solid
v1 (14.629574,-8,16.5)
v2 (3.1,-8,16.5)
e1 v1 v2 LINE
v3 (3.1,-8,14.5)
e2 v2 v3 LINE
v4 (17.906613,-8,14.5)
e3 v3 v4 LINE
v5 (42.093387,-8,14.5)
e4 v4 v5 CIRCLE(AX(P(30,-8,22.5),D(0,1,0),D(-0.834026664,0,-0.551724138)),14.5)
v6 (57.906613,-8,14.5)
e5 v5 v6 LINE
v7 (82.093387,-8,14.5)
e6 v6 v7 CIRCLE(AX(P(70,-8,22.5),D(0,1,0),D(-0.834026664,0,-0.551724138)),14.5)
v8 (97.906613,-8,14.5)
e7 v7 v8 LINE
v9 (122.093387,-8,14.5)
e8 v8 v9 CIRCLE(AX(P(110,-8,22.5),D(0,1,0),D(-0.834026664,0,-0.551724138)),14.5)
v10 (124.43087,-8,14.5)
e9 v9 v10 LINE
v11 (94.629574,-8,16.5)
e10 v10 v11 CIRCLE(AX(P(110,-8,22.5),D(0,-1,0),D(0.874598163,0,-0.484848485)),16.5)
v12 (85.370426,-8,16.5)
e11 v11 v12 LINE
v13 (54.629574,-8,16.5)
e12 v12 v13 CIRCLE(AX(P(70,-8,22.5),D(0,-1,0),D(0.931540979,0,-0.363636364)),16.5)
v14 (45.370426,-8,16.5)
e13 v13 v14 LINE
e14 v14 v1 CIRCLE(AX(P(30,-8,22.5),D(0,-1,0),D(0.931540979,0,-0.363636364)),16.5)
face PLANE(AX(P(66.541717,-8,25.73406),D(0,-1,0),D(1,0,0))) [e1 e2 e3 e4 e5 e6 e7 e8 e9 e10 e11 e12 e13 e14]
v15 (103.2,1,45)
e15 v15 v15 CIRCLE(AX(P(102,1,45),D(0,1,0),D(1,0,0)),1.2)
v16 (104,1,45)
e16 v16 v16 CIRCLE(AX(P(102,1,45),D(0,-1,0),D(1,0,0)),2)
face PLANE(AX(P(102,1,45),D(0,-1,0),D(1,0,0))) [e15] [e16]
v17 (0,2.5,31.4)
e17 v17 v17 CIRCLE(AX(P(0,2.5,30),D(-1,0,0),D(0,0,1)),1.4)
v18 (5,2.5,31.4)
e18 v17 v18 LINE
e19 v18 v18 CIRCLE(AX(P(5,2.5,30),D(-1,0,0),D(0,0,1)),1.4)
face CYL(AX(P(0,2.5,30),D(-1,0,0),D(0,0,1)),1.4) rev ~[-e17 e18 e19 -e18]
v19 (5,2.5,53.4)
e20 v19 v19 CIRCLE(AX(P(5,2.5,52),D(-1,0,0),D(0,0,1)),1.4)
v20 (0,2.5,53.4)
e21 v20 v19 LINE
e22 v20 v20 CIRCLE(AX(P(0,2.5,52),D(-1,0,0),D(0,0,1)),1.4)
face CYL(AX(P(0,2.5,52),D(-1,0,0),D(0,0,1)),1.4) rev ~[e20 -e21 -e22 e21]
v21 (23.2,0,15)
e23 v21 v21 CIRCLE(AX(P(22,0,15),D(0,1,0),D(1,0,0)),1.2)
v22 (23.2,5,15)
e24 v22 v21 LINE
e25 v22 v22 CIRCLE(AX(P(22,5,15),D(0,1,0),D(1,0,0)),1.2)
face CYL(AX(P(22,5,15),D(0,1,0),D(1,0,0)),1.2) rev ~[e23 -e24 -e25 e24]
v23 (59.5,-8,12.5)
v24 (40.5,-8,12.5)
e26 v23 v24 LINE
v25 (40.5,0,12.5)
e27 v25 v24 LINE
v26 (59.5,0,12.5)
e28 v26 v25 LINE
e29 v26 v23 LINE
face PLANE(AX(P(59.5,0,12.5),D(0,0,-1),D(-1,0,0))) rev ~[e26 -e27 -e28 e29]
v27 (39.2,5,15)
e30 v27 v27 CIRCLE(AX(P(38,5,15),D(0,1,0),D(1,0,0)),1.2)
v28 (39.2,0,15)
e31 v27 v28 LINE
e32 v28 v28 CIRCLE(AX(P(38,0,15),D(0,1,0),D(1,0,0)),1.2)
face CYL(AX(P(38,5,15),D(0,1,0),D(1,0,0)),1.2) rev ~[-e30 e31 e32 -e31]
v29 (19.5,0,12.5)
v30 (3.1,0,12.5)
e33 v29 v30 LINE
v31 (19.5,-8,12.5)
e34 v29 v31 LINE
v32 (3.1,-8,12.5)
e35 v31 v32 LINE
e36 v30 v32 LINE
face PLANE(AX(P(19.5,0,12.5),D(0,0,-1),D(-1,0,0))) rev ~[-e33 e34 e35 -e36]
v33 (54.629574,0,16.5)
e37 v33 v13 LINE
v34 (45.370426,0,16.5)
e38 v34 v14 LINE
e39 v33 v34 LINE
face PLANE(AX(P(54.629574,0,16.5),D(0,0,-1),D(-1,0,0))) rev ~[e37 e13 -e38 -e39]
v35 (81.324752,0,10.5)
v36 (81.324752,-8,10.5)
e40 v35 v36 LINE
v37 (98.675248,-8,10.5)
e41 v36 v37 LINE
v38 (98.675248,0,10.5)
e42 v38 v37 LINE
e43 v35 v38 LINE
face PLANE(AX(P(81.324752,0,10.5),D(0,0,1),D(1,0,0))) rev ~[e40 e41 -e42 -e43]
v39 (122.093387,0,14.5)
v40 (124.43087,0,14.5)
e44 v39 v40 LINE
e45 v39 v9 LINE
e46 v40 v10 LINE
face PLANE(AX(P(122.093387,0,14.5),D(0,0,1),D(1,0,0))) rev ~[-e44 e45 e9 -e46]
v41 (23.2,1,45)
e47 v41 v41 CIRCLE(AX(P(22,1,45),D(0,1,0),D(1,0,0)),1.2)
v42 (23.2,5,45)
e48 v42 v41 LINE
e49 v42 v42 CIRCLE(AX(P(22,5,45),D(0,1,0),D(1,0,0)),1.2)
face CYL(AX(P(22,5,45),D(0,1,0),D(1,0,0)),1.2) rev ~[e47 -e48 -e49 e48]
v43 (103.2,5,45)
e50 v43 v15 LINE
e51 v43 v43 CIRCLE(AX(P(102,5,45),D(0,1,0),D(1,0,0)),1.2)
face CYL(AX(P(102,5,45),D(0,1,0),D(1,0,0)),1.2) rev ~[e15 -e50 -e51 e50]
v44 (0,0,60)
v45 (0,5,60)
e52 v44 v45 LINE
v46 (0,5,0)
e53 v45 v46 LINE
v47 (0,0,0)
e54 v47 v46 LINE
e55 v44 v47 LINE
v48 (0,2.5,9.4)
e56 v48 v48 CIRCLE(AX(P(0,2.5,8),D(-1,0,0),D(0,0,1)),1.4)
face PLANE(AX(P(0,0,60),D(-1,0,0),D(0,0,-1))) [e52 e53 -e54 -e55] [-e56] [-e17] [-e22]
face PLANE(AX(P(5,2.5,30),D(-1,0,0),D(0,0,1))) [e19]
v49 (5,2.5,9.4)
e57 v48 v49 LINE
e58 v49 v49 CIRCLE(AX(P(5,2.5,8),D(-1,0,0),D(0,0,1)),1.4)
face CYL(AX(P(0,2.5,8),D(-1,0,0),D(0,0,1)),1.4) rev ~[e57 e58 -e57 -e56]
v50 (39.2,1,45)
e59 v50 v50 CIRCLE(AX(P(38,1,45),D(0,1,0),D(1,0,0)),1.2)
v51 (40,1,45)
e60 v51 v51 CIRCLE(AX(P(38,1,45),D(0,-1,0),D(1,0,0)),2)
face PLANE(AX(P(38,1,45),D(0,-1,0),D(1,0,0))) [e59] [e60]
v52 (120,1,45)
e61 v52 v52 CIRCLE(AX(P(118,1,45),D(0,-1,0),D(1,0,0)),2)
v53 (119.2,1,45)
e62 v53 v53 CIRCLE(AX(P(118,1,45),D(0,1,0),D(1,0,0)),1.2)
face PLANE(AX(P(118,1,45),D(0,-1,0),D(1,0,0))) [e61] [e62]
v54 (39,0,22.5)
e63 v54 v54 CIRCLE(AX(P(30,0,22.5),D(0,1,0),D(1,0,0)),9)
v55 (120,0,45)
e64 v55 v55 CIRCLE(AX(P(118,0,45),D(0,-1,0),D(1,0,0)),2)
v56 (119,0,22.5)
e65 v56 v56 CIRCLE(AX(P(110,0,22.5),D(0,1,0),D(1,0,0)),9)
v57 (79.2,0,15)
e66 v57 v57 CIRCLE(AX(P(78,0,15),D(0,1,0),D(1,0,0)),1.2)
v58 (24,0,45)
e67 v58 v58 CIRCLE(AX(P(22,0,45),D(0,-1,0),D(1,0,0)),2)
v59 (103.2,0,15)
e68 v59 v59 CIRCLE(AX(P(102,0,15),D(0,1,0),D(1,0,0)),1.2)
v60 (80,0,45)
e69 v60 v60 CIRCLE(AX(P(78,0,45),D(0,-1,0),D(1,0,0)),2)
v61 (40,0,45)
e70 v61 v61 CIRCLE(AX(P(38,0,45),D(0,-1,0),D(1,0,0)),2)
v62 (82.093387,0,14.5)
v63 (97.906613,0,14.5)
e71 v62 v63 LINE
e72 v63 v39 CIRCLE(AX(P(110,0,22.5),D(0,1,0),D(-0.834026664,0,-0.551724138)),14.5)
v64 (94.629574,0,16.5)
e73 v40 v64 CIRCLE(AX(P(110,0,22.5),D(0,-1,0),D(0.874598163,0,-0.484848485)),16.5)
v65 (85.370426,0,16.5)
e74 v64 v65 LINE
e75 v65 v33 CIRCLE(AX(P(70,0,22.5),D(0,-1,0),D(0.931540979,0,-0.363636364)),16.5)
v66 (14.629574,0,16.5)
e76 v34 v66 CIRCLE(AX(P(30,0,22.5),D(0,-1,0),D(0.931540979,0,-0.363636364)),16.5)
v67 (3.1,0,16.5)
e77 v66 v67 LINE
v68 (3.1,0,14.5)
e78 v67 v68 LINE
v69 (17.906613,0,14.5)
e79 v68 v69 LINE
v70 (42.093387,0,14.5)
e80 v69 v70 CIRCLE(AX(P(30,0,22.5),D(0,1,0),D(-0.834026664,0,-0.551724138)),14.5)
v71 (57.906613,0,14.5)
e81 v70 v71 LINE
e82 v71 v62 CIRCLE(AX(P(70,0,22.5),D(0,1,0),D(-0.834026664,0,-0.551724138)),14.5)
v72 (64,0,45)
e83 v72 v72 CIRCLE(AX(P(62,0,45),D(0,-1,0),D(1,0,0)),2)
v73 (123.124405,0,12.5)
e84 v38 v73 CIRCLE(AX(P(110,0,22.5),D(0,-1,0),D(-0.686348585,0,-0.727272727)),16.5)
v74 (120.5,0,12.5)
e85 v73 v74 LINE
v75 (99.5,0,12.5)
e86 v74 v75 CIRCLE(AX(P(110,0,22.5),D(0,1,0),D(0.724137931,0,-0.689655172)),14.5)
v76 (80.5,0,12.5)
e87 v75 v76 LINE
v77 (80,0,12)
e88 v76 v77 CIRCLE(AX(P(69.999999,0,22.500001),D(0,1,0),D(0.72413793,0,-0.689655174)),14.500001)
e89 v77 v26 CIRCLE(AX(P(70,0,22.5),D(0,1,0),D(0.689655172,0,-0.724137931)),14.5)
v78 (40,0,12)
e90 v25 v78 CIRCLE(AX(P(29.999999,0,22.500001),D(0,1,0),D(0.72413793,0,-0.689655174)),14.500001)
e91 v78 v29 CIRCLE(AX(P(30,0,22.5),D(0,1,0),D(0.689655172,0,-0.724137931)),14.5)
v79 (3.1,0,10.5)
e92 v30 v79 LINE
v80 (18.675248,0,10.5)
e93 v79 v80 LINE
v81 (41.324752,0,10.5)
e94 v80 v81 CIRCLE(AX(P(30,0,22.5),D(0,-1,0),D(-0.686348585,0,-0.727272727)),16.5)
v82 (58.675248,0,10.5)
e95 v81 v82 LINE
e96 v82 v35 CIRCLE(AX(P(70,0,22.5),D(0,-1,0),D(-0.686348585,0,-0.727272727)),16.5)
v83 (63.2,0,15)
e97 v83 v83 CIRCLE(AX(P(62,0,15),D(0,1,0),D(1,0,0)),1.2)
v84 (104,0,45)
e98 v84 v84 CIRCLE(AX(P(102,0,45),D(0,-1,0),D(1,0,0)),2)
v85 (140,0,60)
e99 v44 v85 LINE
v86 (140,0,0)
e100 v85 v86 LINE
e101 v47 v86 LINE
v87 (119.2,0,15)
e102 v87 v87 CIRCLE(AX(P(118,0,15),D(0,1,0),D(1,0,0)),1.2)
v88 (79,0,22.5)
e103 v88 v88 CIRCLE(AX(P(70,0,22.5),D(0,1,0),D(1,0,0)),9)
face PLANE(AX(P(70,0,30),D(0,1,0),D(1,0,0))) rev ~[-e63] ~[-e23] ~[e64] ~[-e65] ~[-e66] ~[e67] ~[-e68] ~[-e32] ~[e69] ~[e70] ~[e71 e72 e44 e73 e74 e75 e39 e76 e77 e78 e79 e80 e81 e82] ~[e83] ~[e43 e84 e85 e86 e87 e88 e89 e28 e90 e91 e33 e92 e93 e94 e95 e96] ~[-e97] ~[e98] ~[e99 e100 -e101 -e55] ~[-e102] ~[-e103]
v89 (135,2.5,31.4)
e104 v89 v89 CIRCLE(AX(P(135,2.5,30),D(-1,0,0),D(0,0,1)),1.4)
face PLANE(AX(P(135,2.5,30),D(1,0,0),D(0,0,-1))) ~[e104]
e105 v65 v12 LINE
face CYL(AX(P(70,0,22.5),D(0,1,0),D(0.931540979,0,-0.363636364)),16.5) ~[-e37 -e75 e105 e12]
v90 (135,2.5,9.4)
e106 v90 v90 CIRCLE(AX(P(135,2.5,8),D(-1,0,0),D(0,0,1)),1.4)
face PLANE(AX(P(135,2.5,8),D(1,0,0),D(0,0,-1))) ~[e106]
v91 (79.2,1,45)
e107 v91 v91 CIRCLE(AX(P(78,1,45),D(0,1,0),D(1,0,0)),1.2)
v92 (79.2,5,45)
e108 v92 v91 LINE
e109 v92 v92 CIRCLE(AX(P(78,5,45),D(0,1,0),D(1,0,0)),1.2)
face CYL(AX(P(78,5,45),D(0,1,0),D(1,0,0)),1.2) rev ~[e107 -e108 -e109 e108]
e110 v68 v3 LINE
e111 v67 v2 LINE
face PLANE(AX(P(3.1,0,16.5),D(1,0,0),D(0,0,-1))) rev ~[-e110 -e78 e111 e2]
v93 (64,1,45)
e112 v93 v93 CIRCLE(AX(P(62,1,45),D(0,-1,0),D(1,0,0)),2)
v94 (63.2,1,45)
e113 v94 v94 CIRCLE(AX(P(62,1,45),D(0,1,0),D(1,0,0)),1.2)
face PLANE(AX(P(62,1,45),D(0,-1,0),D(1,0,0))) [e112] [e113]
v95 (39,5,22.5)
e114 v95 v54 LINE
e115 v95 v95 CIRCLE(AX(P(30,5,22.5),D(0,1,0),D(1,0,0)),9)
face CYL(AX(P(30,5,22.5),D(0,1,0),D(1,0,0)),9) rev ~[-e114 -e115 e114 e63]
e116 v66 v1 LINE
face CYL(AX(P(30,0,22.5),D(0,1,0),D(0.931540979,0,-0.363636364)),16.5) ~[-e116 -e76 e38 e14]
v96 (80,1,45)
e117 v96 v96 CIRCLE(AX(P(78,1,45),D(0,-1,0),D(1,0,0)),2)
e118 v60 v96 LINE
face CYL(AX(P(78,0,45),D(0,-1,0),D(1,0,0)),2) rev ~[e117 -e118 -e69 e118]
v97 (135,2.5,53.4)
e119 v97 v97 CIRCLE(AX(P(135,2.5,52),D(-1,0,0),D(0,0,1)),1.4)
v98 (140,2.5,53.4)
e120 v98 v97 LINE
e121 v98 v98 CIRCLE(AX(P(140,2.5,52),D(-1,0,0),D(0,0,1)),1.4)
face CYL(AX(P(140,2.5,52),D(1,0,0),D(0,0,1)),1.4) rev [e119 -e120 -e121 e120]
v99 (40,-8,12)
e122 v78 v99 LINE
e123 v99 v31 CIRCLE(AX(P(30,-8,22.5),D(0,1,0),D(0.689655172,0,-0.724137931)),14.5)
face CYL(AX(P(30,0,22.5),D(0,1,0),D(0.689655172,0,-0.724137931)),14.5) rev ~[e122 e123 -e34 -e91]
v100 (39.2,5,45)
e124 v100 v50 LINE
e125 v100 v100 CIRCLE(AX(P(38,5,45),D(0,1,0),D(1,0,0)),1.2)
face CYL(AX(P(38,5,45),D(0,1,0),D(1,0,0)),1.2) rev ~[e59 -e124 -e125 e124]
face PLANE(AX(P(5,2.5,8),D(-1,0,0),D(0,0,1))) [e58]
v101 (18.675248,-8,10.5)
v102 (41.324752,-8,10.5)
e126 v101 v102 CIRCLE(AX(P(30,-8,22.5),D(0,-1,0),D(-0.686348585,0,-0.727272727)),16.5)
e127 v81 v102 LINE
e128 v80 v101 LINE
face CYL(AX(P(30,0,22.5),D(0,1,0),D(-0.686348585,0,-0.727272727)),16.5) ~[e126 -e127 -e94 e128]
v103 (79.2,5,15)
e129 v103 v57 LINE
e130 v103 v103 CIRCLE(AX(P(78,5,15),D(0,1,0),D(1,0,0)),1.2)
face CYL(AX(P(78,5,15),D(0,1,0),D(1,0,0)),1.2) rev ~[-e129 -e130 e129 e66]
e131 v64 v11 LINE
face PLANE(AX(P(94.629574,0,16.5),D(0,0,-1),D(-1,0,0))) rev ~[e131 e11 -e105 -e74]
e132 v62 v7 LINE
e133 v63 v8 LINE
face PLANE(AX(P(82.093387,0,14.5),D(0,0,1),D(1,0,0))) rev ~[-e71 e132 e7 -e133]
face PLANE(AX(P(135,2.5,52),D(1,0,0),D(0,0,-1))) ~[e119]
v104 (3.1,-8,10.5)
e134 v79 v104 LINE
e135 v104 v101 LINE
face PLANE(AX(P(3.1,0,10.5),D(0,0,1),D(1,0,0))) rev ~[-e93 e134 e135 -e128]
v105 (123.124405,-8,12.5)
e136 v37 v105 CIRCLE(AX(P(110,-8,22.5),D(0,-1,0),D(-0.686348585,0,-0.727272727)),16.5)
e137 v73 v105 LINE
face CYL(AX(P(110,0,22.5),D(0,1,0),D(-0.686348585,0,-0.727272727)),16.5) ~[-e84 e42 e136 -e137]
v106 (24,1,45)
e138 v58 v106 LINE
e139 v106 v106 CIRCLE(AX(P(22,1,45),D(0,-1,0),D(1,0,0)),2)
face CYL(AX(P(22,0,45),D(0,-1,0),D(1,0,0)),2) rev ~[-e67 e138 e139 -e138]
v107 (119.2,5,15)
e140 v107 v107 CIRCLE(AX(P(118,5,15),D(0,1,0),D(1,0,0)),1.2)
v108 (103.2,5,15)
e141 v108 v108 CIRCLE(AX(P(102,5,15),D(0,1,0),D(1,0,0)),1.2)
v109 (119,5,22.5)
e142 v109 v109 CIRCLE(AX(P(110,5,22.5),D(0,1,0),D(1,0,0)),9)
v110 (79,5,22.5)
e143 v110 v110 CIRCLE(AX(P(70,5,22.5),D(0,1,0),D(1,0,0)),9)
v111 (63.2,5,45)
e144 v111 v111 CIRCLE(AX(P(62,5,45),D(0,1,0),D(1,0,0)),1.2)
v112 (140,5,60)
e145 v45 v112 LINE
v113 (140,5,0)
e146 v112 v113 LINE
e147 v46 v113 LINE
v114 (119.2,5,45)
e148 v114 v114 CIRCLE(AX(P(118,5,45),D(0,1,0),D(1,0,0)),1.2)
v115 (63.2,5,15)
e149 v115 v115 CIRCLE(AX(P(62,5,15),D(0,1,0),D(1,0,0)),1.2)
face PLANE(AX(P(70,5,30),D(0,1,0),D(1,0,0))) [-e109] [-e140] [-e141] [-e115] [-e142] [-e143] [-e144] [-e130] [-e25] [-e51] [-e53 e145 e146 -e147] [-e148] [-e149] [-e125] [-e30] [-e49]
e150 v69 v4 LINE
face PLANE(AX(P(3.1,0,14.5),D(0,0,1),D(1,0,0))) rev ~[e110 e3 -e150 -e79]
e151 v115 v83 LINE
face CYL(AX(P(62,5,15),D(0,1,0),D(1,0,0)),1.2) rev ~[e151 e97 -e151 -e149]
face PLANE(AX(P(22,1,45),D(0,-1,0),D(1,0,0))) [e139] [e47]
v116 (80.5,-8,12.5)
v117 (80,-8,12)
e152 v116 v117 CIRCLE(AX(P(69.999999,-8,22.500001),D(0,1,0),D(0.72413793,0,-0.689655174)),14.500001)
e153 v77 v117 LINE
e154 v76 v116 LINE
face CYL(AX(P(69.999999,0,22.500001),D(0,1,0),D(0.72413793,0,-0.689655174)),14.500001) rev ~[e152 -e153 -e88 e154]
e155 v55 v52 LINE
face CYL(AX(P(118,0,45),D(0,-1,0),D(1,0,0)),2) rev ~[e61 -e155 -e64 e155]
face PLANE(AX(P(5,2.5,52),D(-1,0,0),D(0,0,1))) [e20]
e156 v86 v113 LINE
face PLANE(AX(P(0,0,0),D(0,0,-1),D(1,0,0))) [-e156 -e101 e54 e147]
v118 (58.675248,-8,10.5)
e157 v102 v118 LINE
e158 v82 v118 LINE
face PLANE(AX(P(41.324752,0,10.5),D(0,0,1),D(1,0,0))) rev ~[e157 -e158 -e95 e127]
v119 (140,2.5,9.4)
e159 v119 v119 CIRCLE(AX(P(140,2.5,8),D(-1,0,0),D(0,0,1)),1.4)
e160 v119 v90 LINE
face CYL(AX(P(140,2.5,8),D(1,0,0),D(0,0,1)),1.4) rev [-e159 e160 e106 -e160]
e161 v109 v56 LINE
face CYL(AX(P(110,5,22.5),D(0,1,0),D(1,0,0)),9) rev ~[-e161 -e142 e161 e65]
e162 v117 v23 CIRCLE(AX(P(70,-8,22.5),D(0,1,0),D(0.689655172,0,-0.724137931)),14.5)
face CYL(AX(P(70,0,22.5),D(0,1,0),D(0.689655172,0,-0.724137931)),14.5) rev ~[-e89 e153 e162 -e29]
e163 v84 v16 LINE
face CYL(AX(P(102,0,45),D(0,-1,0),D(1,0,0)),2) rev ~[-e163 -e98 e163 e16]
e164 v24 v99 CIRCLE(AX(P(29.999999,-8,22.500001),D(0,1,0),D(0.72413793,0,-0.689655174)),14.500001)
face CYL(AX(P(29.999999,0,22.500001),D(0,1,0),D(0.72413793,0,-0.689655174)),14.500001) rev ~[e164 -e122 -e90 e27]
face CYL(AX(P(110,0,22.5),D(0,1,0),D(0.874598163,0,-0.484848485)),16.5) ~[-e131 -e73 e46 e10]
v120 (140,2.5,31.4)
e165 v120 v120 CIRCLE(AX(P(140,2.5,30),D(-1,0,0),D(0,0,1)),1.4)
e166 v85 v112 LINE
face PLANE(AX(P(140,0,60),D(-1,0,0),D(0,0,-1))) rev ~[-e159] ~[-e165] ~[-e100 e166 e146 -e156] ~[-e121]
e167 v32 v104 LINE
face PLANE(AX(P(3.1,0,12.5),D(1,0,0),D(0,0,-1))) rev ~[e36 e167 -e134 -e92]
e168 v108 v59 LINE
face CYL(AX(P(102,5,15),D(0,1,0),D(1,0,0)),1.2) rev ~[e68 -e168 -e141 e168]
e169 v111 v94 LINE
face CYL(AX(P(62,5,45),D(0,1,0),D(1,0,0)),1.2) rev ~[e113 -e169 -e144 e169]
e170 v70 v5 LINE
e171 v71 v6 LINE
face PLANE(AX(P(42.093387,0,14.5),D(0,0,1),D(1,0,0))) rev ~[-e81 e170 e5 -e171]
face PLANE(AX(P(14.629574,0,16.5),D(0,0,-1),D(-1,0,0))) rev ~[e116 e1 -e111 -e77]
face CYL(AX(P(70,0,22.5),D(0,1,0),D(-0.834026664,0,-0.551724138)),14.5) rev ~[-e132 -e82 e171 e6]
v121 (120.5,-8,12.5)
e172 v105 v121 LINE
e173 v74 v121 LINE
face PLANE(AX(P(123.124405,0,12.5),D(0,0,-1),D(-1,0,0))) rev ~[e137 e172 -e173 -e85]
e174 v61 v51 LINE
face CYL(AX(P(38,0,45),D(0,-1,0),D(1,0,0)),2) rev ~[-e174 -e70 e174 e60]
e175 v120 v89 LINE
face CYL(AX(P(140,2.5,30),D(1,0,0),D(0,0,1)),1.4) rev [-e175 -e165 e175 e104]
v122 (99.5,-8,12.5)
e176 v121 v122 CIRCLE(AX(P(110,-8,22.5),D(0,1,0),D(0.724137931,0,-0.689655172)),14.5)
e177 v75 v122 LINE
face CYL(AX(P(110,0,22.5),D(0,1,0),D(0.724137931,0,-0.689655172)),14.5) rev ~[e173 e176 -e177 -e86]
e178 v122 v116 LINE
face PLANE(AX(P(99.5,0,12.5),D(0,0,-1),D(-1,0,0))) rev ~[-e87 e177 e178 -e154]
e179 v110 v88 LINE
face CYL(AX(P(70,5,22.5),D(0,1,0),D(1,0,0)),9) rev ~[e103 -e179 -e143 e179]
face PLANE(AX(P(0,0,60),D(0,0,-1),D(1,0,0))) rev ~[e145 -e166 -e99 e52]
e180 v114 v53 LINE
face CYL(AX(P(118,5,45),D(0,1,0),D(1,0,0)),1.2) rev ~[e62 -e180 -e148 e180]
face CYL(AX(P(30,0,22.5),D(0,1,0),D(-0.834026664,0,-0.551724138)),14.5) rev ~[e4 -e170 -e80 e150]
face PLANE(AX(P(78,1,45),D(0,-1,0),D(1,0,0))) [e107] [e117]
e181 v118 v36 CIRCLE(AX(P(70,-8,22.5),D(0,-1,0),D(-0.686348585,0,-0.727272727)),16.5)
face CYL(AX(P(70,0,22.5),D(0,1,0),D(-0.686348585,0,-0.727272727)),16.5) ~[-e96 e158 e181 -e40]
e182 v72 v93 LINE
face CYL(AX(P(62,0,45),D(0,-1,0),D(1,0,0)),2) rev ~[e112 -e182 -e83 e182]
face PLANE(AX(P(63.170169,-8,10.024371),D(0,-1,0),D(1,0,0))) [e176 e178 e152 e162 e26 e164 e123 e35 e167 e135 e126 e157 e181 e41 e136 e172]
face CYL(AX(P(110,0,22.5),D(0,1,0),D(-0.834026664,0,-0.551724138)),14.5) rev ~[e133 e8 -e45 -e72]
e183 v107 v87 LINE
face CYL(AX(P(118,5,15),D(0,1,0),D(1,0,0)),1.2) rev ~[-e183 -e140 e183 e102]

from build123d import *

# Parameters (mm, degrees)
SKETCH_1_W             = 140
SKETCH_1_H             = 60
EXTRUDE_1_DEPTH        = 5
SKETCH_2_R             = 1.2
SKETCH_2_R_2           = 9
CUT_EXTRUDE_872_DEPTH  = 153.397506541
SKETCH_4_R             = 1.4
CUT_EXTRUDE_3_DEPTH    = 5
PATTERN_LINEAR_1_COUNT = 3
PATTERN_LINEAR_1_PITCH = 40
EXTRUDE_5_DEPTH        = 8
SKETCH_6_R             = 2
CUT_EXTRUDE_4_DEPTH    = 1


with BuildPart() as part:
    # 草图1 → 凸台-拉伸1 (new body)
    with BuildSketch(Plane(origin=(0, 0, 0), x_dir=(1, 0, 0), z_dir=(0, 1, 0))):
        with Locations((70, -30)):
            Rectangle(SKETCH_1_W, SKETCH_1_H)
    extrude(amount=EXTRUDE_1_DEPTH)

    # 草图2 → Cut-Extrude 872 (cut, through all)
    with BuildSketch(Plane(origin=(0, 5, 0), x_dir=(1, 0, 0), z_dir=(0, 1, 0))):
        with Locations((102, -15)):
            Circle(SKETCH_2_R)
        with Locations((118, -15)):
            Circle(SKETCH_2_R)
        with Locations((102, -45)):
            Circle(SKETCH_2_R)
        with Locations((118, -45)):
            Circle(SKETCH_2_R)
        with Locations((110, -22.5)):
            Circle(SKETCH_2_R_2)
    cut_extrude_872 = extrude(amount=-CUT_EXTRUDE_872_DEPTH, mode=Mode.SUBTRACT)

    # 草图4 → 切除-拉伸3 (cut)
    with BuildSketch(Plane.ZY):
        with Locations((30, 2.5)):
            Circle(SKETCH_4_R)
        with Locations((8, 2.5)):
            Circle(SKETCH_4_R)
        with Locations((52, 2.5)):
            Circle(SKETCH_4_R)
    cut_extrude_3 = extrude(amount=-CUT_EXTRUDE_3_DEPTH, mode=Mode.SUBTRACT)

    # 镜向1: 切除-拉伸3 across plane
    add(cut_extrude_3.mirror(Plane(origin=(70, 0, 0), x_dir=(0, 0, 1), z_dir=(1, 0, 0))), mode=Mode.SUBTRACT)

    # 阵列(线性)1: Cut-Extrude 872 ×3
    with Locations(*[(-i * PATTERN_LINEAR_1_PITCH, 0, 0) for i in range(1, PATTERN_LINEAR_1_COUNT)]):
        add(cut_extrude_872, mode=Mode.SUBTRACT)

    # 草图5 → 凸台-拉伸5 (add)
    with BuildSketch(Plane.XZ):
        with BuildLine():
            Line((3.1, 14.5), (17.906613378, 14.5))
            ThreePointArc((17.906613378, 14.5), (30, 37), (42.093386622, 14.5))
            Line((42.093386622, 14.5), (57.906613378, 14.5))
            ThreePointArc((57.906613378, 14.5), (70, 37), (82.093386622, 14.5))
            Line((82.093386622, 14.5), (97.906613378, 14.5))
            ThreePointArc((97.906613378, 14.5), (110, 37), (122.093386622, 14.5))
            Line((122.093386622, 14.5), (124.43086969, 14.5))
            ThreePointArc((124.43086969, 14.5), (111.104849123, 38.962967789), (94.629573851, 16.5))
            Line((94.629573851, 16.5), (85.370426149, 16.5))
            ThreePointArc((85.370426149, 16.5), (70, 39), (54.629573851, 16.5))
            Line((54.629573851, 16.5), (45.370426149, 16.5))
            ThreePointArc((45.370426149, 16.5), (30, 39), (14.629573851, 16.5))
            Line((14.629573851, 16.5), (3.1, 16.5))
            Line((3.1, 16.5), (3.1, 14.5))
        make_face()
        with BuildLine():
            Line((19.5, 12.5), (3.1, 12.5))
            Line((3.1, 12.5), (3.1, 10.5))
            Line((3.1, 10.5), (18.675248347, 10.5))
            ThreePointArc((18.675248347, 10.5), (30, 6), (41.324751653, 10.5))
            Line((41.324751653, 10.5), (58.675248347, 10.5))
            ThreePointArc((58.675248347, 10.5), (70, 6), (81.324751653, 10.5))
            Line((81.324751653, 10.5), (98.675248347, 10.5))
            ThreePointArc((98.675248347, 10.5), (111.345246377, 6.05493046), (123.124404748, 12.5))
            Line((123.124404748, 12.5), (120.5, 12.5))
            ThreePointArc((120.5, 12.5), (110, 8), (99.5, 12.5))
            Line((99.5, 12.5), (80.5, 12.5))
            ThreePointArc((80.5, 12.5), (80.253048327, 12.246951673), (80, 12))
            ThreePointArc((80, 12), (69.646446609, 8.004310986), (59.5, 12.5))
            Line((59.5, 12.5), (40.5, 12.5))
            ThreePointArc((40.5, 12.5), (40.253048327, 12.246951673), (40, 12))
            ThreePointArc((40, 12), (29.646446609, 8.004310986), (19.5, 12.5))
        make_face()
    extrude(amount=EXTRUDE_5_DEPTH)

    # 草图6 → 切除-拉伸4 (cut)
    with BuildSketch(Plane.XZ):
        with Locations((22, 45)):
            Circle(SKETCH_6_R)
        with Locations((38, 45)):
            Circle(SKETCH_6_R)
        with Locations((62, 45)):
            Circle(SKETCH_6_R)
        with Locations((78, 45)):
            Circle(SKETCH_6_R)
        with Locations((102, 45)):
            Circle(SKETCH_6_R)
        with Locations((118, 45)):
            Circle(SKETCH_6_R)
    extrude(amount=-CUT_EXTRUDE_4_DEPTH, mode=Mode.SUBTRACT)


solid = part.part
